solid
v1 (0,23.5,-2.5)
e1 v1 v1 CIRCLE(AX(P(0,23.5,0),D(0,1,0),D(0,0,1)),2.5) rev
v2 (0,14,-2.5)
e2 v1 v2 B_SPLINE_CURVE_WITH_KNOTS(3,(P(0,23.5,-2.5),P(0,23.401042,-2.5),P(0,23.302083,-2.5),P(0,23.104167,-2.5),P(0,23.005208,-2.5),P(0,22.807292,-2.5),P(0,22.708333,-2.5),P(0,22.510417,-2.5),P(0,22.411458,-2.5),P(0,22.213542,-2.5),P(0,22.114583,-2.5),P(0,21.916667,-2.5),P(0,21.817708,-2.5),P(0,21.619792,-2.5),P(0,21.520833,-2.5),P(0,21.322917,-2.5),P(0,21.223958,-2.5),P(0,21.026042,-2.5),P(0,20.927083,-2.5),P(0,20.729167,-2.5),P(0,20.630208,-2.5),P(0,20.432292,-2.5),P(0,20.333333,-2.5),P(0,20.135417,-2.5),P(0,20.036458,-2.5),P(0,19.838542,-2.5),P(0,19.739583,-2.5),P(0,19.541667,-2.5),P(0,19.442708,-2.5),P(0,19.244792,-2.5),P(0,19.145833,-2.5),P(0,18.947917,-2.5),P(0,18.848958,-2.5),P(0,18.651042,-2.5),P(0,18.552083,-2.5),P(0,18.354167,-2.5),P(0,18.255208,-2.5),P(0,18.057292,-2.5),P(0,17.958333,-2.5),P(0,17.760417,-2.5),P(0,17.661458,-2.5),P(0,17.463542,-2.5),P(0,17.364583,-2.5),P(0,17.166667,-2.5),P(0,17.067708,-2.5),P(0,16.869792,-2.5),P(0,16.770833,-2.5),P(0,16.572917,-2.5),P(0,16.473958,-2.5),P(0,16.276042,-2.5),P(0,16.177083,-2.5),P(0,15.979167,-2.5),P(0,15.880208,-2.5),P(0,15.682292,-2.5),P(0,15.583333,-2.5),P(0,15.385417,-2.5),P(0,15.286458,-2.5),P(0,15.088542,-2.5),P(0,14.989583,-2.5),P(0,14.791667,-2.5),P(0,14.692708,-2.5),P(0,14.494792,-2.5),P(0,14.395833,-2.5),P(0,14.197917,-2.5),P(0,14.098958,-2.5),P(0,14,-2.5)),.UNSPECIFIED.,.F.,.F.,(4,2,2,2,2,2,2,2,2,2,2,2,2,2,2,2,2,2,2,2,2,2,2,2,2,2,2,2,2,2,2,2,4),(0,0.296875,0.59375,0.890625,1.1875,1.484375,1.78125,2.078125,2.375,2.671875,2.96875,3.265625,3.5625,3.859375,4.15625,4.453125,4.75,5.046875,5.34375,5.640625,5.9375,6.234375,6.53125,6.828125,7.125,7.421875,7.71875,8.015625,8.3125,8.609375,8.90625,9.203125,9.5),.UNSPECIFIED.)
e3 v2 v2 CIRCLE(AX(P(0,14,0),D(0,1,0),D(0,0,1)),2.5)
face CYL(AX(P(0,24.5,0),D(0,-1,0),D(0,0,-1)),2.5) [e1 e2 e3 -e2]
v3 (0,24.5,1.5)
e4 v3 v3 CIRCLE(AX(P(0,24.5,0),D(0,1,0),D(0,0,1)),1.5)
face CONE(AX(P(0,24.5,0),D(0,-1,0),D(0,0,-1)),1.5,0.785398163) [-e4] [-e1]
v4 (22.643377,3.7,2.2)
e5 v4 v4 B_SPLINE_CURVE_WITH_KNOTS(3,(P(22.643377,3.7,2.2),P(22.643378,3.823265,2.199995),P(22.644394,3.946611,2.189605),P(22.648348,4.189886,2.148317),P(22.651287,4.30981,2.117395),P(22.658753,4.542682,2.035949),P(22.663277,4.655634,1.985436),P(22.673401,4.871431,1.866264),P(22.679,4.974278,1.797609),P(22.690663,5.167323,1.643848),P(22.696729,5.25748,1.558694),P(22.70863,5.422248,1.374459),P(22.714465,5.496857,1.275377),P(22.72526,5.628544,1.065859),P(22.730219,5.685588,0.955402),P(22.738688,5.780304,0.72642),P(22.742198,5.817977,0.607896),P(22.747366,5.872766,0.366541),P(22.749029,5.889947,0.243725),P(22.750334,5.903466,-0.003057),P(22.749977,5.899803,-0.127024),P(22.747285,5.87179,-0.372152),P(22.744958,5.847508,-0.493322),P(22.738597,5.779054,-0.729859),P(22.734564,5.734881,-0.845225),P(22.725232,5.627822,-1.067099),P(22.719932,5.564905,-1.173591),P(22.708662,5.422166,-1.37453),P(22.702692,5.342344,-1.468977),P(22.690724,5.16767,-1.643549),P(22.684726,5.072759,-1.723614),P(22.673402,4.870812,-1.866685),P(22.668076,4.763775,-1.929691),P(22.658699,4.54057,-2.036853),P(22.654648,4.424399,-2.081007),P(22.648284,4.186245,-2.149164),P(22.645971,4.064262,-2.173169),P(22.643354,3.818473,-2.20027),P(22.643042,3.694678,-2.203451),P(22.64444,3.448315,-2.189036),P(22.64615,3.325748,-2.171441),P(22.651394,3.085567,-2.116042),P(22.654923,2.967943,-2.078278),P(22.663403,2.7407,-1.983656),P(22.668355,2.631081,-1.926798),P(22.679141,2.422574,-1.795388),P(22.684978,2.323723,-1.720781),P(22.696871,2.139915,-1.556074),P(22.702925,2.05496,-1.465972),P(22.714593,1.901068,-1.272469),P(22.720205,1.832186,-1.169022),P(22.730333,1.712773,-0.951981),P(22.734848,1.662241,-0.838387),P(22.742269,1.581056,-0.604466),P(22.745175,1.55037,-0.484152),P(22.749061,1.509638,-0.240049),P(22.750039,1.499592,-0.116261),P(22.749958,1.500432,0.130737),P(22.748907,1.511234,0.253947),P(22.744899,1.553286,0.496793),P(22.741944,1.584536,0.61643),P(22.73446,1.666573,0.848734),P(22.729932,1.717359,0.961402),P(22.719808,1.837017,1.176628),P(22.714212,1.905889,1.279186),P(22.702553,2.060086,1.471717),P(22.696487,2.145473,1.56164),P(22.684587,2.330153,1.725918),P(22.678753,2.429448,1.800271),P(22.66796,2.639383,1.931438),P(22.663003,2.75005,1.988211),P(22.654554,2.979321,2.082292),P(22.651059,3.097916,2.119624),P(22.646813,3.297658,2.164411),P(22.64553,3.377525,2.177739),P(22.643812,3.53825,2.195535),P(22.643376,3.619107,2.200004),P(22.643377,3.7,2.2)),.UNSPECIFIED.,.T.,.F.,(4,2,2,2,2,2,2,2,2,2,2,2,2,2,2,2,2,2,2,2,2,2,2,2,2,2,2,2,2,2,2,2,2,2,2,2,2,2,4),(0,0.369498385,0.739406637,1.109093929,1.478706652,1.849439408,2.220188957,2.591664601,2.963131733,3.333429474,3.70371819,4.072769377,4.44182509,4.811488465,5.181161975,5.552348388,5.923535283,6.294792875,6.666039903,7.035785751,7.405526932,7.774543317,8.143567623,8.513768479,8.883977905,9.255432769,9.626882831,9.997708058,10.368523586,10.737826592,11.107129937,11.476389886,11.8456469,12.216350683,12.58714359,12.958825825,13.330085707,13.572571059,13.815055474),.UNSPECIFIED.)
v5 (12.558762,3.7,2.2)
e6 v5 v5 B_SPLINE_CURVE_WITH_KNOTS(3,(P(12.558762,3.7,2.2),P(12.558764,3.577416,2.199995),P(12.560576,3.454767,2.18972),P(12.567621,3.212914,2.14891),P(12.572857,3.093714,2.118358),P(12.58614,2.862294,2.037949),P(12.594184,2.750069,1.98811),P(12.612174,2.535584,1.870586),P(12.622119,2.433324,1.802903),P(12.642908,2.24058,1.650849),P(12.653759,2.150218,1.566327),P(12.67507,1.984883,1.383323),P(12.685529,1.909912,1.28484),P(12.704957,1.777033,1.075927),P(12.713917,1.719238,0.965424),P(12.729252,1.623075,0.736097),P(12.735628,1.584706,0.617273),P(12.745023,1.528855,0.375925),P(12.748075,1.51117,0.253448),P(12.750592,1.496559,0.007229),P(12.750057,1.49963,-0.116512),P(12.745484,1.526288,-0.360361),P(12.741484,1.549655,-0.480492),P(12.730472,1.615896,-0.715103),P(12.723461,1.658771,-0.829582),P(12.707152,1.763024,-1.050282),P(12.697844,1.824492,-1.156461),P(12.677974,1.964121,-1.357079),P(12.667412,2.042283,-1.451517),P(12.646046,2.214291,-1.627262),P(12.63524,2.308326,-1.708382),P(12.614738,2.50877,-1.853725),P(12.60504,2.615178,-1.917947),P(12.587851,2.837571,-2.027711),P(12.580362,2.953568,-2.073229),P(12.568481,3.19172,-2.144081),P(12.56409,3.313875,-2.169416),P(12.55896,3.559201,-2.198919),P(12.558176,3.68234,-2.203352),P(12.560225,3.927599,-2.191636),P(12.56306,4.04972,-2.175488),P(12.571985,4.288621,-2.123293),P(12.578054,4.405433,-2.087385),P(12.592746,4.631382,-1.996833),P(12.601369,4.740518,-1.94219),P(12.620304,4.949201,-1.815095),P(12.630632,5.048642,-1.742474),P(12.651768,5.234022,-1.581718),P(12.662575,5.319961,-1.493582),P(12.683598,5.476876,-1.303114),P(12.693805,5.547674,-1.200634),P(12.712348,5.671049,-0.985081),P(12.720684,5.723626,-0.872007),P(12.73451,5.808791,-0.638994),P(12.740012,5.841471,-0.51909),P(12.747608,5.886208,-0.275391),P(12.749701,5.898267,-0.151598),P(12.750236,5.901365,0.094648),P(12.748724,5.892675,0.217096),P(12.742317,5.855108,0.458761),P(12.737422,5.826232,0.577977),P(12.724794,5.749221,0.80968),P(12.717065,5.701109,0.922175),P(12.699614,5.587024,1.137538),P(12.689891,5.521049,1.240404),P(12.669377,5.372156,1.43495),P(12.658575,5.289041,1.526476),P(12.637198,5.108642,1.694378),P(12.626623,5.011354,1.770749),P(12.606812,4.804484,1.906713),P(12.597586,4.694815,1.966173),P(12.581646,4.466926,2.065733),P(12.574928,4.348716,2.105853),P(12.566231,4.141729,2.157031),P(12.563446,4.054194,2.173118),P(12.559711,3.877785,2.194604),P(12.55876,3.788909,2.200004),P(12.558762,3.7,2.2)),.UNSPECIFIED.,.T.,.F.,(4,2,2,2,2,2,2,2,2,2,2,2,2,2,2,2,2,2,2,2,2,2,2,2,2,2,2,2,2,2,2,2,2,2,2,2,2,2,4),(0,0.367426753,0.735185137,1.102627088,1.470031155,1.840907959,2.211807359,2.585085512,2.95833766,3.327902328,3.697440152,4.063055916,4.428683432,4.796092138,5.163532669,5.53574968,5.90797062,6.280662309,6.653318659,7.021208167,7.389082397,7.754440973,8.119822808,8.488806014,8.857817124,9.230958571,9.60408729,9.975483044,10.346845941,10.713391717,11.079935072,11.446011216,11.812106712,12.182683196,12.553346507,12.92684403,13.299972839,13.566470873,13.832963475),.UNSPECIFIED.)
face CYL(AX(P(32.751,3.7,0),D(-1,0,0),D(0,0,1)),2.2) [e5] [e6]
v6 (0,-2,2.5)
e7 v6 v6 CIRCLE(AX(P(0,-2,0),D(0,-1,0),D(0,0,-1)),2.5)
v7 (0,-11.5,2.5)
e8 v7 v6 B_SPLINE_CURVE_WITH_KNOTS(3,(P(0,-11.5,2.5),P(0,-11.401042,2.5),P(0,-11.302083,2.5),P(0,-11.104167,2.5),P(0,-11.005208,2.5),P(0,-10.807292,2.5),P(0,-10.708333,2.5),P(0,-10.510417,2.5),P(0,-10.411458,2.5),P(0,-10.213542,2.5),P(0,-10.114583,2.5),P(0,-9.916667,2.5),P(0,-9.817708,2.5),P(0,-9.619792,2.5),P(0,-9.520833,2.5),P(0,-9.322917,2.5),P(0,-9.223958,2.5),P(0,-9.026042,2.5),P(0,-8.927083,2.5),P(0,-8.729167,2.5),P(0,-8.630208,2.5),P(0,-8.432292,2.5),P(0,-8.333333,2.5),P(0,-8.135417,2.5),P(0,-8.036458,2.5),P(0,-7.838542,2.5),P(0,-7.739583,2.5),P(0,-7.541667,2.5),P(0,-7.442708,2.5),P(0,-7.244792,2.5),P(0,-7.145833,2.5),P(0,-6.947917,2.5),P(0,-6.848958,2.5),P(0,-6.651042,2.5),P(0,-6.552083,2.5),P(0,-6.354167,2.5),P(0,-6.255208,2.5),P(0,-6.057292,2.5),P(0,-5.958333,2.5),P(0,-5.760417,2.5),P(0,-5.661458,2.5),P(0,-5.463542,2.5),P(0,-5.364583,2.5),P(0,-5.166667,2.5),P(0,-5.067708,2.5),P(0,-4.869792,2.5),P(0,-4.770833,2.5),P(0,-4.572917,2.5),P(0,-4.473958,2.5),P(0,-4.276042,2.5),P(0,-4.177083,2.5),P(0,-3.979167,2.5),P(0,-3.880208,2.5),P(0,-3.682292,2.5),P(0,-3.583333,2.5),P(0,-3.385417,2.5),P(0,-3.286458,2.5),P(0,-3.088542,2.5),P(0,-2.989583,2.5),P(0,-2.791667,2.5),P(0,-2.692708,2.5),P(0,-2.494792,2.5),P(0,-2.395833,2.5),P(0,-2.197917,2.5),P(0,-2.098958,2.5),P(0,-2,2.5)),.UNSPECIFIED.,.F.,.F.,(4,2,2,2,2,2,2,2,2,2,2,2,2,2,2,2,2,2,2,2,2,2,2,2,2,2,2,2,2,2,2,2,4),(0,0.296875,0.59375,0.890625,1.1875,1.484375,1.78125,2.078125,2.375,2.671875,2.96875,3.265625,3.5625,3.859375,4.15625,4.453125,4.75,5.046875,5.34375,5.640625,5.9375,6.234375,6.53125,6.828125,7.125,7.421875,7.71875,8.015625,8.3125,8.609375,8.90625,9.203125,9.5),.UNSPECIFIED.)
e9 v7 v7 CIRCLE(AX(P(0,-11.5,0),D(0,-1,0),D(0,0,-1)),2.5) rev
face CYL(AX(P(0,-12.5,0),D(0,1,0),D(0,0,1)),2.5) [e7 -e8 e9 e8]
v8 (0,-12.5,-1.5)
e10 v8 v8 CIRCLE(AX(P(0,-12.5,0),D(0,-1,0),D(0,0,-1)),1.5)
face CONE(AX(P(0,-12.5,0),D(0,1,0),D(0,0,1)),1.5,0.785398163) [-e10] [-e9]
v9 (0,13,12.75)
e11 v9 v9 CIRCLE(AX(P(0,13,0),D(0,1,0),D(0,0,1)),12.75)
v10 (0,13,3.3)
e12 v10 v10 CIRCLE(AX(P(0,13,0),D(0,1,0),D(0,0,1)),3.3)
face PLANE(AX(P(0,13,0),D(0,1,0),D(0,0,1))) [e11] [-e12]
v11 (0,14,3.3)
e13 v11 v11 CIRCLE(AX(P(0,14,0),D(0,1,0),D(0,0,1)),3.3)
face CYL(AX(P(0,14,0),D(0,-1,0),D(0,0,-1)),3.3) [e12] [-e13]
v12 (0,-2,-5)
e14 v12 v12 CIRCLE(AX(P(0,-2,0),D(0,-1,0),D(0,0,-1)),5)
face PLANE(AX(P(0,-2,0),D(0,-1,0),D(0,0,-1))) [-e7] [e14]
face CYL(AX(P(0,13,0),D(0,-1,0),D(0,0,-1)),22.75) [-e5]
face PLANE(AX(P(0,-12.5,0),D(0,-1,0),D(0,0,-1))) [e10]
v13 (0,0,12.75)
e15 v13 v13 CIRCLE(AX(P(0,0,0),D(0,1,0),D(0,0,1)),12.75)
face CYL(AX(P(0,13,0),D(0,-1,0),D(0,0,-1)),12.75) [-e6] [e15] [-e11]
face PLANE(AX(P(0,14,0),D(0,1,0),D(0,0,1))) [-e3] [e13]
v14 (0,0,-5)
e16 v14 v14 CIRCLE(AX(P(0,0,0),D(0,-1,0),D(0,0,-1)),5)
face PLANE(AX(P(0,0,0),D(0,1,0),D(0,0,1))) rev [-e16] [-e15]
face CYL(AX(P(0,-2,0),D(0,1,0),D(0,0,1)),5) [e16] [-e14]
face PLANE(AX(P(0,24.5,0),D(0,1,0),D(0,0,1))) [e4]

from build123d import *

# Parameters (mm, degrees)
SKETCH1_R                = 12.75
BOSS_EXTRUDE1_DEPTH      = 13
SKETCH2_R                = 3.3
BOSS_EXTRUDE2_DEPTH      = 1
SKETCH3_R                = 2.5
BOSS_EXTRUDE3_DEPTH      = 10.5
SKETCH4_R                = 5
BOSS_EXTRUDE4_DEPTH      = 2
BOSS_EXTRUDE5_START      = 10.5
SKETCH5_R                = 2.5
BOSS_EXTRUDE5_DEPTH      = 10.5
CHAMFER1_SIZE            = 1
BOSS_EXTRUDE6_REACH      = 32.42
BOSS_EXTRUDE6_END_RADIUS = 22.75
SKETCH6_R                = 2.2


with BuildPart() as part:
    # Sketch1 → Boss-Extrude1 (new body)
    with BuildSketch(Plane(origin=(0, 0, 0), x_dir=(1, 0, 0), z_dir=(0, 1, 0))):
        with Locations(Location((0, 0, 0), (0, 0, 90))):
            Circle(SKETCH1_R)
    extrude(amount=BOSS_EXTRUDE1_DEPTH)

    # Sketch2 → Boss-Extrude2 (add)
    with BuildSketch(Plane(origin=(0, 13, 0), x_dir=(1, 0, 0), z_dir=(0, 1, 0))):
        with Locations(Location((0, 0, 0), (0, 0, 270))):
            Circle(SKETCH2_R)
    extrude(amount=BOSS_EXTRUDE2_DEPTH)

    # Sketch3 → Boss-Extrude3 (add)
    with BuildSketch(Plane(origin=(0, 14, 0), x_dir=(1, 0, 0), z_dir=(0, 1, 0))):
        with Locations(Location((0, 0, 0), (0, 0, 90))):
            Circle(SKETCH3_R)
    extrude(amount=BOSS_EXTRUDE3_DEPTH)

    # Sketch4 → Boss-Extrude4 (add)
    with BuildSketch(Plane.XZ):
        with Locations(Location((0, 0, 0), (0, 0, 270))):
            Circle(SKETCH4_R)
    extrude(amount=BOSS_EXTRUDE4_DEPTH)

    # Sketch5 → Boss-Extrude5 (add)
    with BuildSketch(Plane.XZ.offset(2).offset(BOSS_EXTRUDE5_START)):
        with Locations(Location((0, 0, 0), (0, 0, 270))):
            Circle(SKETCH5_R)
    extrude(amount=-BOSS_EXTRUDE5_DEPTH)

    # Chamfer1
    chamfer1_edges = [part.edges().sort_by_distance(p)[0] for p in [
        (0, 24.5, 2.5),
        (0, -12.5, 2.5),
    ]]
    chamfer(chamfer1_edges, length=CHAMFER1_SIZE)

    # Boss-Extrude6: up to this cylinder (the profile starts inside it)
    boss_extrude6_end = Plane(origin=(0, 3.7, 0), z_dir=(0, -1, 0)) * Cylinder(BOSS_EXTRUDE6_END_RADIUS, 111.34, mode=Mode.PRIVATE)
    # Sketch6 → Boss-Extrude6 (add, up to the surface)
    with BuildSketch(Plane(origin=(0, 0, 0), x_dir=(0, 0, -1), z_dir=(1, 0, 0)), mode=Mode.PRIVATE) as boss_extrude6_sk1:
        with Locations(Location((0, 3.7, 0), (0, 0, 180))):
            Circle(SKETCH6_R)
    boss_extrude6_tool1 = extrude(boss_extrude6_sk1.sketch, amount=BOSS_EXTRUDE6_REACH, mode=Mode.PRIVATE) & boss_extrude6_end
    add(boss_extrude6_tool1.solids().sort_by_distance((0, 3.7, 0))[0])


solid = part.part
